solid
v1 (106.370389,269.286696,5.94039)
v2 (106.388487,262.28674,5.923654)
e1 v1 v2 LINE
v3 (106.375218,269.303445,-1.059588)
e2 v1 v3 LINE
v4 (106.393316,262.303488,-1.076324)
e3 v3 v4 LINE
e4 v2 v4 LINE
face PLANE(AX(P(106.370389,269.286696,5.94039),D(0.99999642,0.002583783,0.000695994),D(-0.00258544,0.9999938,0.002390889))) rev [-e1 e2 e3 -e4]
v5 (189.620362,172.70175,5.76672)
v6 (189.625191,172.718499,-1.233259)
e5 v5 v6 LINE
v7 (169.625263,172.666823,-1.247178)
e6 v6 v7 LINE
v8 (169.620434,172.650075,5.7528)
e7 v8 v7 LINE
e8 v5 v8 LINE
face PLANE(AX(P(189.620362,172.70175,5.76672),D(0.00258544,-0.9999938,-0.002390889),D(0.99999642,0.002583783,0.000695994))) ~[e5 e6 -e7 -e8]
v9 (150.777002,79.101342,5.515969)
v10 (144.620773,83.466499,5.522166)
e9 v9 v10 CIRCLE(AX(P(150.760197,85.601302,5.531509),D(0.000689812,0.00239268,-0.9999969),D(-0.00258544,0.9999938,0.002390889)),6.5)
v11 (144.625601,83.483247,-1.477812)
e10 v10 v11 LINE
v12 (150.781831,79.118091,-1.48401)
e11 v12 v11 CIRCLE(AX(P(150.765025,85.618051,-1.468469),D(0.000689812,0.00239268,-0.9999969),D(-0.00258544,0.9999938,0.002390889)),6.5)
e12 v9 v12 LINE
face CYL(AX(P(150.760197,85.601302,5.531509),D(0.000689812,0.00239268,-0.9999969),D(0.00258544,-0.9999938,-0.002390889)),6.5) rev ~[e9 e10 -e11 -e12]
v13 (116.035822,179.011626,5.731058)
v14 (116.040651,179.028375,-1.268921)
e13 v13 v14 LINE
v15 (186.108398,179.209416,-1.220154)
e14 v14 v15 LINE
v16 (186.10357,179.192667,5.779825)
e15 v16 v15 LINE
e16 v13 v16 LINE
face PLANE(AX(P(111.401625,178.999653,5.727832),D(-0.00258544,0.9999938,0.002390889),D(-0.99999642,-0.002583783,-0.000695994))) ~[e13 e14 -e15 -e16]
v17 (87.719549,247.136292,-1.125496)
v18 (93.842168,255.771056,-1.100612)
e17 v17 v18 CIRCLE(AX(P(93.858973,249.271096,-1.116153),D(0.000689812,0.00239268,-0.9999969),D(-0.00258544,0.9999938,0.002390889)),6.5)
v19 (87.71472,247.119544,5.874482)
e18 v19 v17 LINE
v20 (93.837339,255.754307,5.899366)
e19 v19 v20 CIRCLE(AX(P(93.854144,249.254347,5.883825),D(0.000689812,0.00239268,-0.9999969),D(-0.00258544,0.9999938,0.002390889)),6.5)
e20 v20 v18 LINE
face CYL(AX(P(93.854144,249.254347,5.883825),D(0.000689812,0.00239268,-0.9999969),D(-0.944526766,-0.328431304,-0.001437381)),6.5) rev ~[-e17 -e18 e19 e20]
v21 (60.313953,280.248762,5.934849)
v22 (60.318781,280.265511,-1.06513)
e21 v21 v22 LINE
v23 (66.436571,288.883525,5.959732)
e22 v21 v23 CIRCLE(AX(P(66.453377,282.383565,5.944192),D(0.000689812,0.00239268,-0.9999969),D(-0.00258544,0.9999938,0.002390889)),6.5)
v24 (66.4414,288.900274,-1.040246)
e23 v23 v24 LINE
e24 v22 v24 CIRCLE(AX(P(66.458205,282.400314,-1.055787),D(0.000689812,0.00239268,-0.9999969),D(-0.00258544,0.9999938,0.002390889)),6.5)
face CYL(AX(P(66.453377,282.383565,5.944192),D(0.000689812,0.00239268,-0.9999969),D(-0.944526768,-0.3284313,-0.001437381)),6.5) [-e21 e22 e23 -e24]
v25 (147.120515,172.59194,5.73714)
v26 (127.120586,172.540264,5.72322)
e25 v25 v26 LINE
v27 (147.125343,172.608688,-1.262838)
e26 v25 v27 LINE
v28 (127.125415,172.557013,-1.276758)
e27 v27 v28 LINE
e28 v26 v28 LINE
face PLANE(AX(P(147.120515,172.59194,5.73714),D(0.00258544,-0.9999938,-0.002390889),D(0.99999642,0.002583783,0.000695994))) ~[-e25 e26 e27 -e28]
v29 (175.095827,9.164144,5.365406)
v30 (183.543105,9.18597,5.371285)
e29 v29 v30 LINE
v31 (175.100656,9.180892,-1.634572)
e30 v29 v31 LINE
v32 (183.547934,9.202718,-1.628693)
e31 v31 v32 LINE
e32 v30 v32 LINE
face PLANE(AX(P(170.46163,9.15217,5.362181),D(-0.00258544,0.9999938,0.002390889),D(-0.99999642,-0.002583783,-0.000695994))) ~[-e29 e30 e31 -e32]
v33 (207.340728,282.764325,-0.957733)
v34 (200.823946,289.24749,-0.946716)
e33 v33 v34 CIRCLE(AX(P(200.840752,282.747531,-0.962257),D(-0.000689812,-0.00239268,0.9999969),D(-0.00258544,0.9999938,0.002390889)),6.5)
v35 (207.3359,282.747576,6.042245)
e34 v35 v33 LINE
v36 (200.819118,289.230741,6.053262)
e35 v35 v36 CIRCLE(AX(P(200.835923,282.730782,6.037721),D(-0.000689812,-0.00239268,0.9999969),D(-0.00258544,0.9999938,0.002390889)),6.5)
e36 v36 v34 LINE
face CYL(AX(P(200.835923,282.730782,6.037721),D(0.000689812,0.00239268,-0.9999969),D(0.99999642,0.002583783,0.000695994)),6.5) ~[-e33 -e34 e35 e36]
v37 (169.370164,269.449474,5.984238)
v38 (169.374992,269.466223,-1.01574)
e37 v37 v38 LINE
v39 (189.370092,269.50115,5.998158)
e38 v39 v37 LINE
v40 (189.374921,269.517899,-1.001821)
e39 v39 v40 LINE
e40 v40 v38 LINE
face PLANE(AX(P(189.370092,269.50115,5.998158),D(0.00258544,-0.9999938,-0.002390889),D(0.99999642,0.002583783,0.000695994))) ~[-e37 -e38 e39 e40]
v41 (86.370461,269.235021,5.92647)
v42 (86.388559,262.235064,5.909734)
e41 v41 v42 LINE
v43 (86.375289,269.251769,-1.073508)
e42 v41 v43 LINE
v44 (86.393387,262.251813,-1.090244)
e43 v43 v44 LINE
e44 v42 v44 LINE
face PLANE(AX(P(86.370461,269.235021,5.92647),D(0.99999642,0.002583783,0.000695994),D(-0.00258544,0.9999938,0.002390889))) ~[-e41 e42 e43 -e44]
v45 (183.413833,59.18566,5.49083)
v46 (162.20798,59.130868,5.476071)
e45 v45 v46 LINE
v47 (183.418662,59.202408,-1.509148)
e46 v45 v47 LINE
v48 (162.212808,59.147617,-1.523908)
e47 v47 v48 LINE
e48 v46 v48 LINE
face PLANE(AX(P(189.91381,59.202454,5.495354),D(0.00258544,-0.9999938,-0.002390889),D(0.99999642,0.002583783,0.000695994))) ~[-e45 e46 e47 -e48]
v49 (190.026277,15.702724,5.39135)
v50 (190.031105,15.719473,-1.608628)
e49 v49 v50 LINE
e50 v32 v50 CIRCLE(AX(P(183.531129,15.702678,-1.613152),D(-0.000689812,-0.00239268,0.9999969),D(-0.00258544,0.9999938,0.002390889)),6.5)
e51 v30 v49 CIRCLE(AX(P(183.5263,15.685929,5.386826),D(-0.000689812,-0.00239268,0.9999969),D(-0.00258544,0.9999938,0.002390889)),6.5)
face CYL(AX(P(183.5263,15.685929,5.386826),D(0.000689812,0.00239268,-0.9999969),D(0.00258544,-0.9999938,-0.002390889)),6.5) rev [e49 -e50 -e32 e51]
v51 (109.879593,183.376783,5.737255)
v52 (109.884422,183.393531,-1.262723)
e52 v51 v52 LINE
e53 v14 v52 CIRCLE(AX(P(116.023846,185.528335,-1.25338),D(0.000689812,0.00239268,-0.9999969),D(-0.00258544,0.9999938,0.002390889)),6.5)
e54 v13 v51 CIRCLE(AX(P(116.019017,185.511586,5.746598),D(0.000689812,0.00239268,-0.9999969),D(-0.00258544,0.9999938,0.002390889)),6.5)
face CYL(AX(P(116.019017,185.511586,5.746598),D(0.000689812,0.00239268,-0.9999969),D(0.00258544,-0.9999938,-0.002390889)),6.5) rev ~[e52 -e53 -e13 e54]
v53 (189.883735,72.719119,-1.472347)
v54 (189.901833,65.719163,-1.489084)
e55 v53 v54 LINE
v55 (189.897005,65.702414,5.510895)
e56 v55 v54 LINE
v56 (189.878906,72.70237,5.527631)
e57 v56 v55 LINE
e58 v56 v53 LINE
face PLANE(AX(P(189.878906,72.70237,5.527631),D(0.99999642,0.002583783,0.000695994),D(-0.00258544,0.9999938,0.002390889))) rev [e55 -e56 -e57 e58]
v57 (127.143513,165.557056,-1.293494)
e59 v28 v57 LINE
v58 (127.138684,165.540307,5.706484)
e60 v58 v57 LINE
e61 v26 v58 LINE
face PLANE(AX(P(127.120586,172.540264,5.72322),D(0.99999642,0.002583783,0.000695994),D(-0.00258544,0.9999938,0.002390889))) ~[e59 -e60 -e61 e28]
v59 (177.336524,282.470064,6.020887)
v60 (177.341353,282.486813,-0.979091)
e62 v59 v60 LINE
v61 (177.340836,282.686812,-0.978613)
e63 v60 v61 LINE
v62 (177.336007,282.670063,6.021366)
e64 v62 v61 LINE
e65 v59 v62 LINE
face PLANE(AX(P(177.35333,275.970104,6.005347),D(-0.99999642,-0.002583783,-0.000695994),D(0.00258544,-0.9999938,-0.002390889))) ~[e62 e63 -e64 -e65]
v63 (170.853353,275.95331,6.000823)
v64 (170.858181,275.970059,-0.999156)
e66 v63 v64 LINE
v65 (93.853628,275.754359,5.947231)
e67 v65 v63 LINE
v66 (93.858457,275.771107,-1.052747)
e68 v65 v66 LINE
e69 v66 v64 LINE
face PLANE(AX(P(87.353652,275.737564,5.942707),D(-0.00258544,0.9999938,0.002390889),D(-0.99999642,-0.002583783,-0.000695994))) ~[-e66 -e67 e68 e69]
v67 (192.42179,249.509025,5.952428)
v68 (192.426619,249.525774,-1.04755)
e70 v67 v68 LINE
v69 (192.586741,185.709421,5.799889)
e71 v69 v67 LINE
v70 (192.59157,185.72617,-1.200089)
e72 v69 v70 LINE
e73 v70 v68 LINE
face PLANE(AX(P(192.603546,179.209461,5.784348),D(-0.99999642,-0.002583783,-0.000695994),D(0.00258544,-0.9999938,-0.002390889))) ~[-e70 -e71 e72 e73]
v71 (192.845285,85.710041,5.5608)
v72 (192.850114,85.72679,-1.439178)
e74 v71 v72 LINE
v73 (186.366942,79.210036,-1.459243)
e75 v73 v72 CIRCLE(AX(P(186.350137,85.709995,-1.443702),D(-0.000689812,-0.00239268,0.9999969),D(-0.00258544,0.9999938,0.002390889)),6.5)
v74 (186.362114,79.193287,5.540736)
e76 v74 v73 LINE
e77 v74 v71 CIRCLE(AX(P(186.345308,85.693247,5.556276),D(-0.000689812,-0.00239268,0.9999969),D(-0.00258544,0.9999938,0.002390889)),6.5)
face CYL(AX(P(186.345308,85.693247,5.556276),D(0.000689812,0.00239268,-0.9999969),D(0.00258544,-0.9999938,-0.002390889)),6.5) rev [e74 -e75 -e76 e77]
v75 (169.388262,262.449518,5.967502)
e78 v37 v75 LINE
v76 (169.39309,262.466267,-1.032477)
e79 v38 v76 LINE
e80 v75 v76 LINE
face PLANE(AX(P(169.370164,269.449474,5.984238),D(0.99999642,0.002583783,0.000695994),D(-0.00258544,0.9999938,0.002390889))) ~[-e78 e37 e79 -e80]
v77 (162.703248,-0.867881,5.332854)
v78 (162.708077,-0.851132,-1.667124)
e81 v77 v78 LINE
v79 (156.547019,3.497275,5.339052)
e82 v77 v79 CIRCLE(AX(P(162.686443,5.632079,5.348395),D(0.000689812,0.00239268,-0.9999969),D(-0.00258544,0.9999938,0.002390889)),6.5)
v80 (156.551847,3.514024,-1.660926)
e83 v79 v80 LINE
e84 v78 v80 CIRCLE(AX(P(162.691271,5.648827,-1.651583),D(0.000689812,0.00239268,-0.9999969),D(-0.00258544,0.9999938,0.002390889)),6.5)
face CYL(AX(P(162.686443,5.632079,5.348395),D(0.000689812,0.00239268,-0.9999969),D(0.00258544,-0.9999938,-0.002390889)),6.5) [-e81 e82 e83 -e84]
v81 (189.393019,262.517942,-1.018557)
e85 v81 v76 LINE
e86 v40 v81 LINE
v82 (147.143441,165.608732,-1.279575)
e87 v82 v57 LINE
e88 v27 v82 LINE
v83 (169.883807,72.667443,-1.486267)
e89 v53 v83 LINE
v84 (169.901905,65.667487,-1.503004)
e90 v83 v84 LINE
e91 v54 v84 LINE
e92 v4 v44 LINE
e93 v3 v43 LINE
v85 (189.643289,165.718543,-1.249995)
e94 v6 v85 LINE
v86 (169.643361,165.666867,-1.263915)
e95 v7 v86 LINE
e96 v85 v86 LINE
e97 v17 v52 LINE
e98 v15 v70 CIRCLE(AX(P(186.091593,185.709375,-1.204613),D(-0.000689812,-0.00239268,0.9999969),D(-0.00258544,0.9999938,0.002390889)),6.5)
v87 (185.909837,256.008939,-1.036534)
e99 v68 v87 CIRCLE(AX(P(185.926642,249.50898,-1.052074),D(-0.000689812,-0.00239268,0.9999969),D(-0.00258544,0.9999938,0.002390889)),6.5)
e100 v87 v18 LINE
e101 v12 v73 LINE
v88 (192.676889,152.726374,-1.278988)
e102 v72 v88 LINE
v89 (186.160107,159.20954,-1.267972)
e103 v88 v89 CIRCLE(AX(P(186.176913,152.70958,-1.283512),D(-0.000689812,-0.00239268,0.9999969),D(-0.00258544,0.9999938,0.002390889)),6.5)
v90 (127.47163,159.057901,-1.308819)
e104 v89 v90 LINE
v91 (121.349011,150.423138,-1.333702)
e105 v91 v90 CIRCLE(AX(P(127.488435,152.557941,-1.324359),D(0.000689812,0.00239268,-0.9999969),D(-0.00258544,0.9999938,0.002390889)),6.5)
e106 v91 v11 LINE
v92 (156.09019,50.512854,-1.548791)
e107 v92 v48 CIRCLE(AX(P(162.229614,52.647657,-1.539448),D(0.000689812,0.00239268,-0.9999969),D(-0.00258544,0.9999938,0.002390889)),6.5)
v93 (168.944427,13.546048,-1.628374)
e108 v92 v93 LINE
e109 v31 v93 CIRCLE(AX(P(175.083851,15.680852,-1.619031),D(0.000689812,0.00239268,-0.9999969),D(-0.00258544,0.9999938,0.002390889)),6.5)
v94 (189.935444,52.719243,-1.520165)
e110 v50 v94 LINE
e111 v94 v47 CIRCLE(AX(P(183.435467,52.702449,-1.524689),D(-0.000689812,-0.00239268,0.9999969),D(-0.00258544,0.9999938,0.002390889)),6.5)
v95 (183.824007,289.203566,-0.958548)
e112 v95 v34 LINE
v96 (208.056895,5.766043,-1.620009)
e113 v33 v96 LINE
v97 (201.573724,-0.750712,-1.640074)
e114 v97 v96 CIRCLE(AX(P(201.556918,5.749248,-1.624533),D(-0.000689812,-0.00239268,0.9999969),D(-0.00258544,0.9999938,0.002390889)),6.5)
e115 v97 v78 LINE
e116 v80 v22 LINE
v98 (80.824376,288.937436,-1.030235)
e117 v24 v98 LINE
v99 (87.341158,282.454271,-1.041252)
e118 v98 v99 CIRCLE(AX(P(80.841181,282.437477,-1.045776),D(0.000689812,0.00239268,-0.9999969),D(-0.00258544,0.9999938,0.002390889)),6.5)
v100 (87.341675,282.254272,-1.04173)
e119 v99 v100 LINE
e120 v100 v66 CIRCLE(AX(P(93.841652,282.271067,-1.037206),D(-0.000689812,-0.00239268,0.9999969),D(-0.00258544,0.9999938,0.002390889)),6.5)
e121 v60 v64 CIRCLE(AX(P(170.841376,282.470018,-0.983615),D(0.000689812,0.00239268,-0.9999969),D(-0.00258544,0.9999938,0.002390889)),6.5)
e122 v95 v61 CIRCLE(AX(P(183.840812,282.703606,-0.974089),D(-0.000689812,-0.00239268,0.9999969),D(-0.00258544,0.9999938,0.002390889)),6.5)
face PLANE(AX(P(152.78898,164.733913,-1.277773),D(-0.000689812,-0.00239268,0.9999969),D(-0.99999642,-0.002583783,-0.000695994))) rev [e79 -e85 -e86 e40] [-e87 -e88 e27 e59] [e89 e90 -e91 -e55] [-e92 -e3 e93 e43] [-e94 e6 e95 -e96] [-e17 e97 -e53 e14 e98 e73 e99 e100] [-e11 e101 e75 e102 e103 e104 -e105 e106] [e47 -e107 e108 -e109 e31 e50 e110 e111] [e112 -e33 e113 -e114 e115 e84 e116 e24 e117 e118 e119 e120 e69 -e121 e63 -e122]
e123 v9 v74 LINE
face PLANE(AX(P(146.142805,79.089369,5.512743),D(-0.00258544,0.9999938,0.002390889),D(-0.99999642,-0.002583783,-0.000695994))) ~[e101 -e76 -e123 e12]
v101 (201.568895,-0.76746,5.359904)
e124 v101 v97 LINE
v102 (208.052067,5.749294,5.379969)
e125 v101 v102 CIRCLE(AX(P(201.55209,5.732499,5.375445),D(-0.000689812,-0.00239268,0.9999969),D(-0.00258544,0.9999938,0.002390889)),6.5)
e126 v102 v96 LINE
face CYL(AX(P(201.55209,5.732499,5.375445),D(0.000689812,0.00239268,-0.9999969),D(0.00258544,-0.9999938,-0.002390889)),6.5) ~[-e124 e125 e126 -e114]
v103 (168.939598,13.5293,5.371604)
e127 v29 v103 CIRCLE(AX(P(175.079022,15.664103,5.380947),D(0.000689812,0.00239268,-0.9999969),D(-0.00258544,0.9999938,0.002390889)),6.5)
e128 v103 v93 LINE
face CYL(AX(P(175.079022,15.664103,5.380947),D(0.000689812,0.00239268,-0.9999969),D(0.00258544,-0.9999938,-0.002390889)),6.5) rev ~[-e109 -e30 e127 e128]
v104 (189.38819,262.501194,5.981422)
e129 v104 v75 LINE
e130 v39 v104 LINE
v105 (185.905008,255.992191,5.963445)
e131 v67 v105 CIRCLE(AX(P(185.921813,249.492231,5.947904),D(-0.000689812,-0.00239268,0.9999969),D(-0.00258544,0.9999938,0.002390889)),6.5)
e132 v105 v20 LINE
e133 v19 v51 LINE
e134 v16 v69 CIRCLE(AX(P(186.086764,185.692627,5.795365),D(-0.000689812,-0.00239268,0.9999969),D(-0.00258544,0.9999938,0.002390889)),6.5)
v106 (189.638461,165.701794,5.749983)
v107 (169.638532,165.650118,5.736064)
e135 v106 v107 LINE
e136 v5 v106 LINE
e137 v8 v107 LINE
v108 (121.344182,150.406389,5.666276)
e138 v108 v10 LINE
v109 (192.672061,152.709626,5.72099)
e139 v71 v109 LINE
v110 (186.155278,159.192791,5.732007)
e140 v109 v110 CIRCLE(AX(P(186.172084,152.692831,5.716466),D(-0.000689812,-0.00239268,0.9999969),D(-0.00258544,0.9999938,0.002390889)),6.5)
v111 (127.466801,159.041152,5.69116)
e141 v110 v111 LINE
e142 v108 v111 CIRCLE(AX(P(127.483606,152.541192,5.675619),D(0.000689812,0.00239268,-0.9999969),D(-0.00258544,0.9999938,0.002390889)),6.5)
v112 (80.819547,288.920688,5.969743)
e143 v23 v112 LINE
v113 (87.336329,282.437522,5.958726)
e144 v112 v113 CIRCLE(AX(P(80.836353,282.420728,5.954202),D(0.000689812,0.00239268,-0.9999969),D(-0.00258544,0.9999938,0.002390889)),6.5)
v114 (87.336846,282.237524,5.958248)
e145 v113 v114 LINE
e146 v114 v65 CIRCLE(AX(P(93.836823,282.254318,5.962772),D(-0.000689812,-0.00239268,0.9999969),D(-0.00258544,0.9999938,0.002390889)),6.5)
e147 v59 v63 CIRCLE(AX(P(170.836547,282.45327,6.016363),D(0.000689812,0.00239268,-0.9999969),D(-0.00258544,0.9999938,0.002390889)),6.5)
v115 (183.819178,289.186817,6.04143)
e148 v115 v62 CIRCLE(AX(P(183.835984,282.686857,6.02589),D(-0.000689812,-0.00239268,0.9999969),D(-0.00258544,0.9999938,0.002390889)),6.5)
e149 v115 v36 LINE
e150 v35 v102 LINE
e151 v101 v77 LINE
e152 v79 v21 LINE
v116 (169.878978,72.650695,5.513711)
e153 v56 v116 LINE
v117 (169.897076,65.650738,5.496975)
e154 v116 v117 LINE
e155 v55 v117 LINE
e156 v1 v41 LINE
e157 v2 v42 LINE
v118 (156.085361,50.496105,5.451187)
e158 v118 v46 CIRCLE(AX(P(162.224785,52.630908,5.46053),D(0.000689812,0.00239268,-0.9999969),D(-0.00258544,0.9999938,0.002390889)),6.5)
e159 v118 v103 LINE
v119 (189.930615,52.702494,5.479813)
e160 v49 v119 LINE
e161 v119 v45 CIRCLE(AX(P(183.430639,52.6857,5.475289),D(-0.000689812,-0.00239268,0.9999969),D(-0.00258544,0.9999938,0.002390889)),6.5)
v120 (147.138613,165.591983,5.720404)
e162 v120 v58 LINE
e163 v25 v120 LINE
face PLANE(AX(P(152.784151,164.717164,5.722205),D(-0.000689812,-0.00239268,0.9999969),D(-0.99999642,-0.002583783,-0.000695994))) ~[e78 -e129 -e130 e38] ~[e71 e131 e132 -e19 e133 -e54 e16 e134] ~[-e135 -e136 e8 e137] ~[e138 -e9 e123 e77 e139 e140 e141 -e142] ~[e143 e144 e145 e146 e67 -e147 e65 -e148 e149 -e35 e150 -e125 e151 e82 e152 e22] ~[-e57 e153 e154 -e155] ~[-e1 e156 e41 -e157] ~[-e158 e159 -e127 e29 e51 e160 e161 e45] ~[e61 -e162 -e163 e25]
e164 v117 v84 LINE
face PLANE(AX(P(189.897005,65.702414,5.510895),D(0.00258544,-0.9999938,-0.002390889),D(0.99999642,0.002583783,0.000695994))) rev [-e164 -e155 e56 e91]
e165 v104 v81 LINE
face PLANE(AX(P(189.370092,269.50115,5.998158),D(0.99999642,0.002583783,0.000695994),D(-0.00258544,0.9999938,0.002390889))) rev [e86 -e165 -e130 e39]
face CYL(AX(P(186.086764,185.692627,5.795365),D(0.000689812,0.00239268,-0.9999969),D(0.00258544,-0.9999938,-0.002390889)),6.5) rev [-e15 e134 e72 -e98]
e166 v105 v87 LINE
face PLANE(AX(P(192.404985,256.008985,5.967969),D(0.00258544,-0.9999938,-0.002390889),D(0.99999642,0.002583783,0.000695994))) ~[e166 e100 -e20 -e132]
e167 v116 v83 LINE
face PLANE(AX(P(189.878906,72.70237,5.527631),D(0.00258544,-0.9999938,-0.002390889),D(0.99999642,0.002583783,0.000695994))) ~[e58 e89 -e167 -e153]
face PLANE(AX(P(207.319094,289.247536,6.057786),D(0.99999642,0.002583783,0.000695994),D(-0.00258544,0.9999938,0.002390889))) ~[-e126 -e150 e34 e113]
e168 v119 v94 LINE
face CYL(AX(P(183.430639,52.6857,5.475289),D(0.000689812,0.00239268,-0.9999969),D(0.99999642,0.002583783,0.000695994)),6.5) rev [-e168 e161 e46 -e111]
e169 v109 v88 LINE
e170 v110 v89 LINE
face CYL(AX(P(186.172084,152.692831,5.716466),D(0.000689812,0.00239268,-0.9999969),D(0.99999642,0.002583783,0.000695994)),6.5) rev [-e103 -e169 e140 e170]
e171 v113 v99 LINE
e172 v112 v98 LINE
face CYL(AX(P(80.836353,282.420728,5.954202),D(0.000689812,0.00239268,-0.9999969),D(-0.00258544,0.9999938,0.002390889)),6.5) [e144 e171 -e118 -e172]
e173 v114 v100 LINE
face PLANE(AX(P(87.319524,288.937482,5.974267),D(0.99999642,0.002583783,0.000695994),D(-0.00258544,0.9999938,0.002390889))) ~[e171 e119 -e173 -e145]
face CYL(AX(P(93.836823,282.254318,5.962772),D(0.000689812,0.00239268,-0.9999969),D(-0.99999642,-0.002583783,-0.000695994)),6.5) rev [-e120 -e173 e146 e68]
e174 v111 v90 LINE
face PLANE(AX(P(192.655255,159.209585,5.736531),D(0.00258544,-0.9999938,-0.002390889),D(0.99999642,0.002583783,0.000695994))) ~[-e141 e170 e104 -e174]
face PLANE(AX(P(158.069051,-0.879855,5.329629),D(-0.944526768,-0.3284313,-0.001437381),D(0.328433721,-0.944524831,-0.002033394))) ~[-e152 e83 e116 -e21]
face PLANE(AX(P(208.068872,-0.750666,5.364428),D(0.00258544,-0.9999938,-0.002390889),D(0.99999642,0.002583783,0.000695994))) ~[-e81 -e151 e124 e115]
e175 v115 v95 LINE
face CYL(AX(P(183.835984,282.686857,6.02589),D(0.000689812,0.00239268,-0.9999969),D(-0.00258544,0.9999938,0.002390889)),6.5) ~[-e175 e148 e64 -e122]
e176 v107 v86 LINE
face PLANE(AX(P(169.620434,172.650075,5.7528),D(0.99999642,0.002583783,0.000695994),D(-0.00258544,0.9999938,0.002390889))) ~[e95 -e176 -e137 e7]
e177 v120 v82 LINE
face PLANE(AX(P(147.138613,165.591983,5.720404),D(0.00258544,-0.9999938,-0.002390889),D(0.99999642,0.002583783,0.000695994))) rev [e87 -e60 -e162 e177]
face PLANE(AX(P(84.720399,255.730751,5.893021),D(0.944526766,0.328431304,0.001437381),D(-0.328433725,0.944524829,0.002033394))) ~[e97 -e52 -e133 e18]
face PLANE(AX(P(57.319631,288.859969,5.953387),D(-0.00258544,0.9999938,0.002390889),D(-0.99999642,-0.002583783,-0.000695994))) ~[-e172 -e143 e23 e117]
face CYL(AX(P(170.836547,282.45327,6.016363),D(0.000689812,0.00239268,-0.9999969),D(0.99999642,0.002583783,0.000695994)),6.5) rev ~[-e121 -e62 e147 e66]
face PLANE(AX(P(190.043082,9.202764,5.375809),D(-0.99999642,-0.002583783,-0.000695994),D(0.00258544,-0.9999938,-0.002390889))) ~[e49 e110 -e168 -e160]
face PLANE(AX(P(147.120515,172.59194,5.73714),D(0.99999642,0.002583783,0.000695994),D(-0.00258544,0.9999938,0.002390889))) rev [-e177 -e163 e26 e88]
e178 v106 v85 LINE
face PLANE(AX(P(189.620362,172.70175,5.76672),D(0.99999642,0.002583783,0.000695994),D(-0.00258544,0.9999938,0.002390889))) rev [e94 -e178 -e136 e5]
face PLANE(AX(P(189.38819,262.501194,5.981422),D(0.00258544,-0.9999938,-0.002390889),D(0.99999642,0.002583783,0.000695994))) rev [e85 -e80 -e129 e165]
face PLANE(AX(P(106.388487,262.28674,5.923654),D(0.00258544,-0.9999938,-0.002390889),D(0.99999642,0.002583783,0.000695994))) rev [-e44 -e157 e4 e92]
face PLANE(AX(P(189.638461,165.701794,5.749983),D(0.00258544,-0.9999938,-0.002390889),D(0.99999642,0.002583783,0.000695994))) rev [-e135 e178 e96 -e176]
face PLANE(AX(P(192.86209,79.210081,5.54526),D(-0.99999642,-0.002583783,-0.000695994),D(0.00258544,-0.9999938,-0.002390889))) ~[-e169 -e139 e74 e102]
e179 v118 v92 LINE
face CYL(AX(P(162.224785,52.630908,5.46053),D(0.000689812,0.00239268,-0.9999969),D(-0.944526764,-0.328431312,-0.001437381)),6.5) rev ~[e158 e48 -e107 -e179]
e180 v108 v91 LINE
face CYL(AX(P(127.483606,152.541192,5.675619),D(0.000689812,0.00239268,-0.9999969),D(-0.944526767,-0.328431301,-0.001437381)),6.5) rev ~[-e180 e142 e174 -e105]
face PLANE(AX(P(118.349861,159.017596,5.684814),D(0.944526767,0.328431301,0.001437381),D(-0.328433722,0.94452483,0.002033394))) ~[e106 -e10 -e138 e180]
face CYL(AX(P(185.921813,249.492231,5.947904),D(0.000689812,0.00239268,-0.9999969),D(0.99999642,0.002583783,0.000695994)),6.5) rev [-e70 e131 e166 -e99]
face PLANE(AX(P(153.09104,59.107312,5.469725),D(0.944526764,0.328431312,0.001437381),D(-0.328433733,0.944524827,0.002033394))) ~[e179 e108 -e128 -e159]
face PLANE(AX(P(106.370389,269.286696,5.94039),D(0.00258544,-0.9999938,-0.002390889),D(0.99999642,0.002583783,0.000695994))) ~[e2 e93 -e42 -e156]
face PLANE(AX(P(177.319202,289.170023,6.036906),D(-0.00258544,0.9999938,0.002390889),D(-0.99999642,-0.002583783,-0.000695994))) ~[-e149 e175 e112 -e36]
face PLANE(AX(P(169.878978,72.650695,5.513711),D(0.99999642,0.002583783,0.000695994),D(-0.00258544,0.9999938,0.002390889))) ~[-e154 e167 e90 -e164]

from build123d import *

# Parameters (mm, degrees)
SKETCH_W               = 20
SKETCH_H               = 7
PAD_DEPTH              = 7
FILLET_R               = 6.5
MIRROR_ROLL_ANGLE      = -179.860318
MIRROR_PITCH_ANGLE     = 1.669328
MIRROR_PLACEMENT_ANGLE = 0.337481


with BuildPart() as body:
    # Sketch → Pad (new body)
    with BuildSketch(Plane.XY):
        Polygon((0, 290), (50, 290), (150, 0), (120, 0), (120, 13.2), (30, 13.2), (30, 0), (0, 0), align=None)
        Polygon((15, 210), (15, 130), (89.30566, 130), (61.719453, 210), align=None, mode=Mode.SUBTRACT)
        Polygon((15, 110), (15, 33.2), (122.684971, 33.2), (96.202212, 110), align=None, mode=Mode.SUBTRACT)
        Polygon((18, 280), (18, 230), (54.822902, 230), (37.581522, 280), align=None, mode=Mode.SUBTRACT)
        with Locations((28, 220)):
            Rectangle(SKETCH_W, SKETCH_H, mode=Mode.SUBTRACT)
        with Locations((28, 120)):
            Rectangle(SKETCH_W, SKETCH_H, mode=Mode.SUBTRACT)
        with Locations((70.5, 120)):
            Rectangle(SKETCH_W, SKETCH_H, mode=Mode.SUBTRACT)
        with Locations((28, 23.2)):
            Rectangle(SKETCH_W, SKETCH_H, mode=Mode.SUBTRACT)
        with Locations((111, 23.2)):
            Rectangle(SKETCH_W, SKETCH_H, mode=Mode.SUBTRACT)
    extrude(amount=PAD_DEPTH)

    # Fillet
    fillet_edges = [body.edges().sort_by_distance(p)[0] for p in [
        (0, 0, 3.5),
        (50, 290, 3.5),
        (0, 290, 3.5),
        (150, 0, 3.5),
        (120, 0, 3.5),
        (30, 0, 3.5),
        (61.719453, 210, 3.5),
        (15, 210, 3.5),
        (96.202212, 110, 3.5),
        (15, 110, 3.5),
        (15, 130, 3.5),
        (15, 33.2, 3.5),
        (122.684971, 33.2, 3.5),
        (89.30566, 130, 3.5),
        (30, 13.2, 3.5),
        (120, 13.2, 3.5),
        (18, 280, 3.5),
        (18, 230, 3.5),
        (37.581522, 280, 3.5),
        (54.822902, 230, 3.5),
    ]]
    fillet(fillet_edges, radius=FILLET_R)


with BuildPart() as body_1:
    # Body placement: moved
    add(body.part.moved(Location((-2, 0, 0))))


with BuildPart() as body_mirrored:
    # mirror: instance of Body
    add(body_1.part.mirror(Plane(origin=(159.181488, 124.226166, 5.790833), x_dir=(-0.001618, 0.999999, 0), z_dir=(-0.999887, -0.001617, 0.014919))))


with BuildPart() as body_mirrored_1:
    # mirror roll: moved
    add(body_mirrored.part.rotate(Axis((0, 0, 0), (1, 0, 0)), MIRROR_ROLL_ANGLE))


with BuildPart() as body_mirrored_2:
    # mirror pitch: moved
    add(body_mirrored_1.part.rotate(Axis((0, 0, 0), (0, 1, 0)), MIRROR_PITCH_ANGLE))


with BuildPart() as body_mirrored_3:
    # mirror placement: moved
    add(body_mirrored_2.part.moved(Location((-113.201923, 287.892908, 10.586))).rotate(Axis((-113.201923, 287.892908, 10.586), (0, 0, 1)), MIRROR_PLACEMENT_ANGLE))


solid = body_mirrored_3.part
